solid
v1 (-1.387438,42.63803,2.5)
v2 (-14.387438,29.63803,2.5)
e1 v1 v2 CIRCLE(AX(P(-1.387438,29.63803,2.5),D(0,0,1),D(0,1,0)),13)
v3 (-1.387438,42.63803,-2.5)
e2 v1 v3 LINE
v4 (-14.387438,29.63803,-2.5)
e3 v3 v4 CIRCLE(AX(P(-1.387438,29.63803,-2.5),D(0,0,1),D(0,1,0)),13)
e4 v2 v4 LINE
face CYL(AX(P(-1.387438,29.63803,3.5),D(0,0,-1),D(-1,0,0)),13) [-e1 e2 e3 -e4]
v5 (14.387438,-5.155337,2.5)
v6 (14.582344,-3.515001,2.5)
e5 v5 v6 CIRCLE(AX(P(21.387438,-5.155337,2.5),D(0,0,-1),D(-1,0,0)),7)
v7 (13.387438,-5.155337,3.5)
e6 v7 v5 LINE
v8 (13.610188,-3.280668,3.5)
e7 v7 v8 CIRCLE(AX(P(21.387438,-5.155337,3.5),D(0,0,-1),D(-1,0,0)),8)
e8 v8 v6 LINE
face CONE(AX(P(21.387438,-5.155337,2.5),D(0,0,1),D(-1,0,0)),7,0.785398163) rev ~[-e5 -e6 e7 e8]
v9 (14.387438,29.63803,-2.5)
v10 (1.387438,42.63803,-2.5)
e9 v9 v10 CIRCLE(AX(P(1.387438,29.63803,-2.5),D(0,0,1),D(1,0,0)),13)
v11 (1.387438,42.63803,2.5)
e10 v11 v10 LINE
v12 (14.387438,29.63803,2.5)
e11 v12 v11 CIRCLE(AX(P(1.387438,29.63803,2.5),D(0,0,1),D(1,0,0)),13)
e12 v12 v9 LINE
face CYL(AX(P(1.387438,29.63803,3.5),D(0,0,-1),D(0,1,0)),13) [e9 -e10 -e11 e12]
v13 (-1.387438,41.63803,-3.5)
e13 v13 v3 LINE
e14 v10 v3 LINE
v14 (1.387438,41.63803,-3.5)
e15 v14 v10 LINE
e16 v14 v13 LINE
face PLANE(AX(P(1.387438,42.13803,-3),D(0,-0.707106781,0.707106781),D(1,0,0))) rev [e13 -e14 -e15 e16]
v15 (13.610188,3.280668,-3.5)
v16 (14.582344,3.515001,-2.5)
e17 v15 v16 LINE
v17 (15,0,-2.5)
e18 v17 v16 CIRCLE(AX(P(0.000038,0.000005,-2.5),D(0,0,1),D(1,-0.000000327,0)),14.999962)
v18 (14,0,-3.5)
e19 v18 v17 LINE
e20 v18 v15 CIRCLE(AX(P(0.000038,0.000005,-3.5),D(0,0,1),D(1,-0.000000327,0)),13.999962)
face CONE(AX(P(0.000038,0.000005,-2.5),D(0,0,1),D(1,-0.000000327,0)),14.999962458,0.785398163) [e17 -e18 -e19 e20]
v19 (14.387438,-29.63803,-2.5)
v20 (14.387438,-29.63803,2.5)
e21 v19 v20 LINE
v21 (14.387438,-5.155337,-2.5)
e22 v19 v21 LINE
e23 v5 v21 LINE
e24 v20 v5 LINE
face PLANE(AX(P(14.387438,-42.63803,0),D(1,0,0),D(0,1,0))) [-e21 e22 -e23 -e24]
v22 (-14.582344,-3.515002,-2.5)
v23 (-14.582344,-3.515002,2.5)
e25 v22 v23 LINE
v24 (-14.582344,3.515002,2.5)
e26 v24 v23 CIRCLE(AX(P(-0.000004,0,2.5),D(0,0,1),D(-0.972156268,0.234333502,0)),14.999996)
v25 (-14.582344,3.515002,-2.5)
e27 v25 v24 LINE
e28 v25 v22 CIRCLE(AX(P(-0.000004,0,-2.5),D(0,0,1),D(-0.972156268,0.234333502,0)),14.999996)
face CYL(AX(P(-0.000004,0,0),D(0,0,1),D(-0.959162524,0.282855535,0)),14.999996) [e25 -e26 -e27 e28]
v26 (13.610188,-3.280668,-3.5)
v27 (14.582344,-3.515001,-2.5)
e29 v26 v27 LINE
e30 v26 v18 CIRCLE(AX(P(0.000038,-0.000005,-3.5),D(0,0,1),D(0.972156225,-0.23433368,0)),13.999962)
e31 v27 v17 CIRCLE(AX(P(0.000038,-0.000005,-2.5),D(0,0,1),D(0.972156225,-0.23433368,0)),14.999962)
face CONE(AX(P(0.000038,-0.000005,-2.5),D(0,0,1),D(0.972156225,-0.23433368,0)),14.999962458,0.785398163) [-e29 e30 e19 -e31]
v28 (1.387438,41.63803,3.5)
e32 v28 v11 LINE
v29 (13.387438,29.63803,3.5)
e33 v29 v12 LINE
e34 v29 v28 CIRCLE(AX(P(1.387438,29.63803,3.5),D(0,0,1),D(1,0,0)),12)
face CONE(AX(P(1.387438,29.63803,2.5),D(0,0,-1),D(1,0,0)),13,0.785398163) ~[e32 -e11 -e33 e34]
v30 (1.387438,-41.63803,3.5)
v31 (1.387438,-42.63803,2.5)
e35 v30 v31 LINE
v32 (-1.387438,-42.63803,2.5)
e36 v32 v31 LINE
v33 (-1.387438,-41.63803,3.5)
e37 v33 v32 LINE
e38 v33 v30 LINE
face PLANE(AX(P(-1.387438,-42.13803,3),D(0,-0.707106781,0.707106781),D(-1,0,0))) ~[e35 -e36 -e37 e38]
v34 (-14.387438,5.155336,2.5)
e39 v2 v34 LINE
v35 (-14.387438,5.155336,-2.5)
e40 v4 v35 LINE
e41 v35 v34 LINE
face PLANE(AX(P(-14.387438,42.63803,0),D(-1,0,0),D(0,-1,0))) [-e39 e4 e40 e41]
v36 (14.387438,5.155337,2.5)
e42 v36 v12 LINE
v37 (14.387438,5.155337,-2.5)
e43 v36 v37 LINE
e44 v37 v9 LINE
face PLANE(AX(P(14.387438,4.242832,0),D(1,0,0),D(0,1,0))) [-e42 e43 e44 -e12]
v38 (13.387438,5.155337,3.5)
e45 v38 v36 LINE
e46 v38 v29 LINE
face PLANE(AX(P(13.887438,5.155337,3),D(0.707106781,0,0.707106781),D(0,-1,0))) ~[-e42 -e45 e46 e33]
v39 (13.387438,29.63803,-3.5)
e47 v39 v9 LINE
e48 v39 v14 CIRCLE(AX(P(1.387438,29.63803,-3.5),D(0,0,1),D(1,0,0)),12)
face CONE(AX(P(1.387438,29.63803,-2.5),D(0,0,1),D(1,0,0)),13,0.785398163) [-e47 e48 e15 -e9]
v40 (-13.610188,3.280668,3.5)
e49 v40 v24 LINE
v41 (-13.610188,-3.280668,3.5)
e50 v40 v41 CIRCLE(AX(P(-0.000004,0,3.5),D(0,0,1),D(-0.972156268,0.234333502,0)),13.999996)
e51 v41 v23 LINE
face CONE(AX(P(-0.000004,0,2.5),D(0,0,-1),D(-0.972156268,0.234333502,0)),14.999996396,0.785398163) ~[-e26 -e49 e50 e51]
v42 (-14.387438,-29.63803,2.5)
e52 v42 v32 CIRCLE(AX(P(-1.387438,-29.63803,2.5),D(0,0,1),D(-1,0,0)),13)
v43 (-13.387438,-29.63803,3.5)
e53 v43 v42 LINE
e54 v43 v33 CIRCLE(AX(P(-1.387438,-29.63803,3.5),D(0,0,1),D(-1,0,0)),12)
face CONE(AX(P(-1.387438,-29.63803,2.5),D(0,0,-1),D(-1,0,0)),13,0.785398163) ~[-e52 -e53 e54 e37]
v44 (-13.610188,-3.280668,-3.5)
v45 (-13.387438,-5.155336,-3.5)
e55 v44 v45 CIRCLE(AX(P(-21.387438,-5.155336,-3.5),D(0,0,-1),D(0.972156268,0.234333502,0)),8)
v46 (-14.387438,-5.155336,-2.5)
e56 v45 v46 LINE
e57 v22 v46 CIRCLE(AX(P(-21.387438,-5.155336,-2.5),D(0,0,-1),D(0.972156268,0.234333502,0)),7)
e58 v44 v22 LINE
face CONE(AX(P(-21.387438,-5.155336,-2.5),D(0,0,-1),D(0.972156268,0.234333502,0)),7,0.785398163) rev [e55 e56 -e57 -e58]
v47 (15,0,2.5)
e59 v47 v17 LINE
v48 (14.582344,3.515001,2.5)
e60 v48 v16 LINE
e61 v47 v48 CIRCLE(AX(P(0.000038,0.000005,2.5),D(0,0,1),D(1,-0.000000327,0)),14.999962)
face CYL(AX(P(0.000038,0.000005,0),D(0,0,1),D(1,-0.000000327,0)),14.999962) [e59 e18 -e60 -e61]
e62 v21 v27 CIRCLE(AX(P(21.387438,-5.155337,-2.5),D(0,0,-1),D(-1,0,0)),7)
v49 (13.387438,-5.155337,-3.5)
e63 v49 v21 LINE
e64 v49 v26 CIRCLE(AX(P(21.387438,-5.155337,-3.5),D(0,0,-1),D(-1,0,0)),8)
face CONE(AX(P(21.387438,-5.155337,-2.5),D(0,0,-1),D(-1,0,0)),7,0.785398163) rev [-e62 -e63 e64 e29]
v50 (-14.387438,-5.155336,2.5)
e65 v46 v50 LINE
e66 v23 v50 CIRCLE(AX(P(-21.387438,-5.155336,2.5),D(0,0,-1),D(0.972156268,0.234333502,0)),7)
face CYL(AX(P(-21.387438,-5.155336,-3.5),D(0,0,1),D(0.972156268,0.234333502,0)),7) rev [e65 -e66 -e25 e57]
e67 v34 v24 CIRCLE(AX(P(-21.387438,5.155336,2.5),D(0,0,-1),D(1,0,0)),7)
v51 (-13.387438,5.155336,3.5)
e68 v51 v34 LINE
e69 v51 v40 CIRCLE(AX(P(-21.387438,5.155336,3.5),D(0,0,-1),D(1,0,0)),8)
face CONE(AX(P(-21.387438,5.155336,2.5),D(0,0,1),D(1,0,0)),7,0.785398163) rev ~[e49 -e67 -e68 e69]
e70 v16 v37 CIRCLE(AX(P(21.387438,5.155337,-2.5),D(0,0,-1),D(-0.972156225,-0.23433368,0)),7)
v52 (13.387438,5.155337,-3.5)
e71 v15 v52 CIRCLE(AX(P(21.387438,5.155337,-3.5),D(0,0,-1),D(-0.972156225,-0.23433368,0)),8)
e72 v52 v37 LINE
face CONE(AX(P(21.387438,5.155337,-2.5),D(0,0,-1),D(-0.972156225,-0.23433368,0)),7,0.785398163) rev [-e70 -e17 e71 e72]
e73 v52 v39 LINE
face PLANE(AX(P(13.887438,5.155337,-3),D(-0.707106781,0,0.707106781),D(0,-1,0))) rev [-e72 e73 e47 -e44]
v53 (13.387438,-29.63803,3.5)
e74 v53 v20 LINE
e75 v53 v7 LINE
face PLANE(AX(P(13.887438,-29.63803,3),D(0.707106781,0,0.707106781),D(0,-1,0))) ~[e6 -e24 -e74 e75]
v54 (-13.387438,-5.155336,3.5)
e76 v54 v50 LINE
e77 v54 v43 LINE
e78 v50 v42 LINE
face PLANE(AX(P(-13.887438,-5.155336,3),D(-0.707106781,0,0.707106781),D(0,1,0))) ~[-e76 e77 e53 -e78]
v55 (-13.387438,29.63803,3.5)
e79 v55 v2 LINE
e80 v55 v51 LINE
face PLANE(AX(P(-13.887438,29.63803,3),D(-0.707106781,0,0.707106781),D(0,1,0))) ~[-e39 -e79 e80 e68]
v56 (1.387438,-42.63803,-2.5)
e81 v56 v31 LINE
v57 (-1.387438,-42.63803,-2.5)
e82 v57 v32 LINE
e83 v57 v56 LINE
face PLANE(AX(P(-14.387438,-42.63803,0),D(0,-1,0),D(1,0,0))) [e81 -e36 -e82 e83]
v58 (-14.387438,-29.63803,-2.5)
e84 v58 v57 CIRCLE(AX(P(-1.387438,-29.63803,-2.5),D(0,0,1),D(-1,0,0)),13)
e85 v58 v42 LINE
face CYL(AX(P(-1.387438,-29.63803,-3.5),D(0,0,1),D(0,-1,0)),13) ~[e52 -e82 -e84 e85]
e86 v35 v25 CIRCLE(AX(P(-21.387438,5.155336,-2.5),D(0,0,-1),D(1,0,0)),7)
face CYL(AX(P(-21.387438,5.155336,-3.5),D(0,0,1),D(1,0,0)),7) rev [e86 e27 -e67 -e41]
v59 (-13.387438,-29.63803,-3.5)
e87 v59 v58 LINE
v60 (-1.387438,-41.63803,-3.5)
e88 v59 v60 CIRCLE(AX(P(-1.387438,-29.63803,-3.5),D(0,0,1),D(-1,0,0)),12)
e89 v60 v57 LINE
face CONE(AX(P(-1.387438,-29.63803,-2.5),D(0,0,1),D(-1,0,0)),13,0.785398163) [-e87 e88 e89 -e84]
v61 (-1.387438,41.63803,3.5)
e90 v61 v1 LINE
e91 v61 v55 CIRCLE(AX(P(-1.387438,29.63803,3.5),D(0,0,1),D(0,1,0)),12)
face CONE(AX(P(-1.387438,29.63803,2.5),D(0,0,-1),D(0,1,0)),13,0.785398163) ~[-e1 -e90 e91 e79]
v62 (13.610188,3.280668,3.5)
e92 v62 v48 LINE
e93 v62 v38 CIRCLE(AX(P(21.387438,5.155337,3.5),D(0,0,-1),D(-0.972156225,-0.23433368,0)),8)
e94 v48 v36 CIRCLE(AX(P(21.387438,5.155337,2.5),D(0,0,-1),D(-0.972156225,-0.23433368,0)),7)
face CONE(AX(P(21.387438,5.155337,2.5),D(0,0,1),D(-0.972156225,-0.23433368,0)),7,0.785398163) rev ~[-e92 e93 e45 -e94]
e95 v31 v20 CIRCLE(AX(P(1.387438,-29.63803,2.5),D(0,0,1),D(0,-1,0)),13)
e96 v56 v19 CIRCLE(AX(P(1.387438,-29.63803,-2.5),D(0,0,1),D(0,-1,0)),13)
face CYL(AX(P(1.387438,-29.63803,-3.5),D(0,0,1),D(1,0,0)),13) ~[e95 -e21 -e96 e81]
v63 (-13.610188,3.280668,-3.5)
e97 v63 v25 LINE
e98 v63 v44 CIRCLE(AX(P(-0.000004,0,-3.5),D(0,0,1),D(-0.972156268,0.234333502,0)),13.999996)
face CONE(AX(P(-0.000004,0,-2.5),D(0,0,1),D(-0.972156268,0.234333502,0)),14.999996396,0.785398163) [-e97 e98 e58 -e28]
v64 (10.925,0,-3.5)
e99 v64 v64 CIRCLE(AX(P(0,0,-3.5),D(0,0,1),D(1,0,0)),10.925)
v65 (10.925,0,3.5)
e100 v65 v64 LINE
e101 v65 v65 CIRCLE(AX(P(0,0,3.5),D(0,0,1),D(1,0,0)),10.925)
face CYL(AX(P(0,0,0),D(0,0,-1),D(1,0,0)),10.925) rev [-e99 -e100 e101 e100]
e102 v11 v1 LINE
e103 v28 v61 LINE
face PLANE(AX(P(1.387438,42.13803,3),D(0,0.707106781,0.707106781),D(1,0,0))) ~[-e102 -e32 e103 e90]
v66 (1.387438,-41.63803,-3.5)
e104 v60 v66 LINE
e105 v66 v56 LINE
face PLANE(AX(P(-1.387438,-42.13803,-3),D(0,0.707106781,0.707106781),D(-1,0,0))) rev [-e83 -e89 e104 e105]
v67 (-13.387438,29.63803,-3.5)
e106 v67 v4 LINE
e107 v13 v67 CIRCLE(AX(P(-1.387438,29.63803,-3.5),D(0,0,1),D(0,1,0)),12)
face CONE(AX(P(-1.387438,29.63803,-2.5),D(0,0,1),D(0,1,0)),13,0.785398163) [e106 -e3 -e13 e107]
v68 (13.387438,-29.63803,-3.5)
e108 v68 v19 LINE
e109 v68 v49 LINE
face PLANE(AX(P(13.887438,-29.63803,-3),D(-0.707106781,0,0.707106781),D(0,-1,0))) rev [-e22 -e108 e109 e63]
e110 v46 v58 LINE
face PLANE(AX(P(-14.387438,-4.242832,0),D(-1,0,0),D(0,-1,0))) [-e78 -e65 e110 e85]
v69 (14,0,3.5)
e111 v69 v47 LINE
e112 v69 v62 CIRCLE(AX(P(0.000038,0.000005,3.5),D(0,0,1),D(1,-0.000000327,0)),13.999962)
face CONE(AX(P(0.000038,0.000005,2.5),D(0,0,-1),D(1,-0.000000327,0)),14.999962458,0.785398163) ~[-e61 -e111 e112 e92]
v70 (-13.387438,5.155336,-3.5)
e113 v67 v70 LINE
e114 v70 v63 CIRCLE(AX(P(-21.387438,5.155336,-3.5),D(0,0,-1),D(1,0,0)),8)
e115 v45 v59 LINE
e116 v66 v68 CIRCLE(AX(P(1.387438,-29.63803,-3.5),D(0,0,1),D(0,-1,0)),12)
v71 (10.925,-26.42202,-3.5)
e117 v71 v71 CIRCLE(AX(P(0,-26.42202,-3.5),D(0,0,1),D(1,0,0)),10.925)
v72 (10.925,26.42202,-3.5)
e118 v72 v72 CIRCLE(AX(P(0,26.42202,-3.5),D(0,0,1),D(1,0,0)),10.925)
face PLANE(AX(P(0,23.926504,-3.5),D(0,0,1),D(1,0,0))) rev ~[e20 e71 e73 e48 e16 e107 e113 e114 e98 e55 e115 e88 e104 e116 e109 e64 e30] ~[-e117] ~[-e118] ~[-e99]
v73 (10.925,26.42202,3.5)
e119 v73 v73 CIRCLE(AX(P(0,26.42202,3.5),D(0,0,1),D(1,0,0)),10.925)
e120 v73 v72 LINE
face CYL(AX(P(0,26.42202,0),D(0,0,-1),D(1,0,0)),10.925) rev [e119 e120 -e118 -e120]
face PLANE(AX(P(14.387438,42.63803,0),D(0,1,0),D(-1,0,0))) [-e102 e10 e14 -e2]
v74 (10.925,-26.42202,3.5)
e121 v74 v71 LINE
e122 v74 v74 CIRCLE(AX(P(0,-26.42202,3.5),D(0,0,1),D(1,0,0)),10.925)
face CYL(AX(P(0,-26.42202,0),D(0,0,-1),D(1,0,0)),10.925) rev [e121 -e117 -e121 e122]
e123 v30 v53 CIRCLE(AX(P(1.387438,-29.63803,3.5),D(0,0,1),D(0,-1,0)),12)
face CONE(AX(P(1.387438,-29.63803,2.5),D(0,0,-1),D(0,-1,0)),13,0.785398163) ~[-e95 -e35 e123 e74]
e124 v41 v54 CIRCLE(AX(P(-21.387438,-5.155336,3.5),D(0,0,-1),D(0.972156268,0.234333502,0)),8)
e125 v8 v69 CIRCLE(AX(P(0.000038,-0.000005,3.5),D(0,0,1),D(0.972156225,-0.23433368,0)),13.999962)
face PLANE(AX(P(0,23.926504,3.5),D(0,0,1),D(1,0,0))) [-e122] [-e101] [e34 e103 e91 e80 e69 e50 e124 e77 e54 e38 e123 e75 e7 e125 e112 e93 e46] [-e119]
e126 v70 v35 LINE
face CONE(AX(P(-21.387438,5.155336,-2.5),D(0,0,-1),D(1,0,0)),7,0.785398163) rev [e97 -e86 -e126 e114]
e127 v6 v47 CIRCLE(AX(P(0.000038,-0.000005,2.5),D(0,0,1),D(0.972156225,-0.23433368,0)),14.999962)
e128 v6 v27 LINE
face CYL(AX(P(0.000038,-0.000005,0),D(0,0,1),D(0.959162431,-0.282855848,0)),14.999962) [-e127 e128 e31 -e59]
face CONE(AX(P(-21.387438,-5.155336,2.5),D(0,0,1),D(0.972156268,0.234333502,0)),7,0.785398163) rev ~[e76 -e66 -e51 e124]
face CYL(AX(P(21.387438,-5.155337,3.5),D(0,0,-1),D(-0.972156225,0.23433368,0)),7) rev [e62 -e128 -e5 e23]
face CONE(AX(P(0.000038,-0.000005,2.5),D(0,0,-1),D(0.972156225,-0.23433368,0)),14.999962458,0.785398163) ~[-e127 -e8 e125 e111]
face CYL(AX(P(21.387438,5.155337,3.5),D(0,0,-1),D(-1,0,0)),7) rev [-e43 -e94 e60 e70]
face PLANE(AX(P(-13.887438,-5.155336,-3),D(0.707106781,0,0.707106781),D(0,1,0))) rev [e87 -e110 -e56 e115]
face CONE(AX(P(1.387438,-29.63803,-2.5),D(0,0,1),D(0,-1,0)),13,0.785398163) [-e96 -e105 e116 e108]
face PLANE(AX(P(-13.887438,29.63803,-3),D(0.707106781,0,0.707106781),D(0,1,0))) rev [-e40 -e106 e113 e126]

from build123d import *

# Parameters (mm, degrees)
F0_R     = 10.925
F1_DEPTH = 3.5
F2_R     = 13
F3_R     = 7
F4_SIZE  = 1


with BuildPart() as f1:
    # F0 (on Top) → F1 (new body, symmetric)
    with BuildSketch(Plane.XY):
        with BuildLine():
            ThreePointArc((-14.387438, 4.242832), (0, 15), (14.387438, 4.242832))
            Line((14.387438, 4.242832), (14.387438, 42.63803))
            Line((14.387438, 42.63803), (-14.387438, 42.63803))
            Line((-14.387438, 42.63803), (-14.387438, 4.242832))
        make_face()
        with Locations((0, 26.42202)):
            Circle(F0_R, mode=Mode.SUBTRACT)
        with BuildLine():
            ThreePointArc((14.387438, -4.242832), (14.84607, -2.143412), (15, 0))
            ThreePointArc((15, 0), (14.84607, 2.143412), (14.387438, 4.242832))
            ThreePointArc((14.387438, 4.242832), (0, 15), (-14.387438, 4.242832))
            ThreePointArc((-14.387438, 4.242832), (-15, 0), (-14.387438, -4.242832))
            ThreePointArc((-14.387438, -4.242832), (0, -15), (14.387438, -4.242832))
        make_face()
        Circle(F0_R, mode=Mode.SUBTRACT)
        with BuildLine():
            Line((14.387438, -42.63803), (14.387438, -4.242832))
            ThreePointArc((14.387438, -4.242832), (0, -15), (-14.387438, -4.242832))
            Line((-14.387438, -4.242832), (-14.387438, -42.63803))
            Line((-14.387438, -42.63803), (14.387438, -42.63803))
        make_face()
        with Locations((0, -26.42202)):
            Circle(F0_R, mode=Mode.SUBTRACT)
    extrude(amount=F1_DEPTH, both=True)

    # F2
    f2_edges = [f1.edges().sort_by_distance(p)[0] for p in [
        (-14.387438, 42.63803, 0),
        (14.387438, 42.63803, 0),
        (14.387438, -42.63803, 0),
        (-14.387438, -42.63803, 0),
    ]]
    fillet(f2_edges, radius=F2_R)

    # F3
    f3_edges = [f1.edges().sort_by_distance(p)[0] for p in [
        (14.387438, -4.242832, -1.75),
        (14.387438, 4.242832, -1.75),
        (-14.387438, 4.242832, 0),
        (-14.387438, -4.242832, 0),
    ]]
    fillet(f3_edges, radius=F3_R)

    # F4
    f4_edges = [f1.edges().sort_by_distance(p)[0] for p in [
        (14.387438, -17.396683, 3.5),
        (14.387438, -17.396683, -3.5),
    ]]
    chamfer(f4_edges, length=F4_SIZE)


solid = f1.part
